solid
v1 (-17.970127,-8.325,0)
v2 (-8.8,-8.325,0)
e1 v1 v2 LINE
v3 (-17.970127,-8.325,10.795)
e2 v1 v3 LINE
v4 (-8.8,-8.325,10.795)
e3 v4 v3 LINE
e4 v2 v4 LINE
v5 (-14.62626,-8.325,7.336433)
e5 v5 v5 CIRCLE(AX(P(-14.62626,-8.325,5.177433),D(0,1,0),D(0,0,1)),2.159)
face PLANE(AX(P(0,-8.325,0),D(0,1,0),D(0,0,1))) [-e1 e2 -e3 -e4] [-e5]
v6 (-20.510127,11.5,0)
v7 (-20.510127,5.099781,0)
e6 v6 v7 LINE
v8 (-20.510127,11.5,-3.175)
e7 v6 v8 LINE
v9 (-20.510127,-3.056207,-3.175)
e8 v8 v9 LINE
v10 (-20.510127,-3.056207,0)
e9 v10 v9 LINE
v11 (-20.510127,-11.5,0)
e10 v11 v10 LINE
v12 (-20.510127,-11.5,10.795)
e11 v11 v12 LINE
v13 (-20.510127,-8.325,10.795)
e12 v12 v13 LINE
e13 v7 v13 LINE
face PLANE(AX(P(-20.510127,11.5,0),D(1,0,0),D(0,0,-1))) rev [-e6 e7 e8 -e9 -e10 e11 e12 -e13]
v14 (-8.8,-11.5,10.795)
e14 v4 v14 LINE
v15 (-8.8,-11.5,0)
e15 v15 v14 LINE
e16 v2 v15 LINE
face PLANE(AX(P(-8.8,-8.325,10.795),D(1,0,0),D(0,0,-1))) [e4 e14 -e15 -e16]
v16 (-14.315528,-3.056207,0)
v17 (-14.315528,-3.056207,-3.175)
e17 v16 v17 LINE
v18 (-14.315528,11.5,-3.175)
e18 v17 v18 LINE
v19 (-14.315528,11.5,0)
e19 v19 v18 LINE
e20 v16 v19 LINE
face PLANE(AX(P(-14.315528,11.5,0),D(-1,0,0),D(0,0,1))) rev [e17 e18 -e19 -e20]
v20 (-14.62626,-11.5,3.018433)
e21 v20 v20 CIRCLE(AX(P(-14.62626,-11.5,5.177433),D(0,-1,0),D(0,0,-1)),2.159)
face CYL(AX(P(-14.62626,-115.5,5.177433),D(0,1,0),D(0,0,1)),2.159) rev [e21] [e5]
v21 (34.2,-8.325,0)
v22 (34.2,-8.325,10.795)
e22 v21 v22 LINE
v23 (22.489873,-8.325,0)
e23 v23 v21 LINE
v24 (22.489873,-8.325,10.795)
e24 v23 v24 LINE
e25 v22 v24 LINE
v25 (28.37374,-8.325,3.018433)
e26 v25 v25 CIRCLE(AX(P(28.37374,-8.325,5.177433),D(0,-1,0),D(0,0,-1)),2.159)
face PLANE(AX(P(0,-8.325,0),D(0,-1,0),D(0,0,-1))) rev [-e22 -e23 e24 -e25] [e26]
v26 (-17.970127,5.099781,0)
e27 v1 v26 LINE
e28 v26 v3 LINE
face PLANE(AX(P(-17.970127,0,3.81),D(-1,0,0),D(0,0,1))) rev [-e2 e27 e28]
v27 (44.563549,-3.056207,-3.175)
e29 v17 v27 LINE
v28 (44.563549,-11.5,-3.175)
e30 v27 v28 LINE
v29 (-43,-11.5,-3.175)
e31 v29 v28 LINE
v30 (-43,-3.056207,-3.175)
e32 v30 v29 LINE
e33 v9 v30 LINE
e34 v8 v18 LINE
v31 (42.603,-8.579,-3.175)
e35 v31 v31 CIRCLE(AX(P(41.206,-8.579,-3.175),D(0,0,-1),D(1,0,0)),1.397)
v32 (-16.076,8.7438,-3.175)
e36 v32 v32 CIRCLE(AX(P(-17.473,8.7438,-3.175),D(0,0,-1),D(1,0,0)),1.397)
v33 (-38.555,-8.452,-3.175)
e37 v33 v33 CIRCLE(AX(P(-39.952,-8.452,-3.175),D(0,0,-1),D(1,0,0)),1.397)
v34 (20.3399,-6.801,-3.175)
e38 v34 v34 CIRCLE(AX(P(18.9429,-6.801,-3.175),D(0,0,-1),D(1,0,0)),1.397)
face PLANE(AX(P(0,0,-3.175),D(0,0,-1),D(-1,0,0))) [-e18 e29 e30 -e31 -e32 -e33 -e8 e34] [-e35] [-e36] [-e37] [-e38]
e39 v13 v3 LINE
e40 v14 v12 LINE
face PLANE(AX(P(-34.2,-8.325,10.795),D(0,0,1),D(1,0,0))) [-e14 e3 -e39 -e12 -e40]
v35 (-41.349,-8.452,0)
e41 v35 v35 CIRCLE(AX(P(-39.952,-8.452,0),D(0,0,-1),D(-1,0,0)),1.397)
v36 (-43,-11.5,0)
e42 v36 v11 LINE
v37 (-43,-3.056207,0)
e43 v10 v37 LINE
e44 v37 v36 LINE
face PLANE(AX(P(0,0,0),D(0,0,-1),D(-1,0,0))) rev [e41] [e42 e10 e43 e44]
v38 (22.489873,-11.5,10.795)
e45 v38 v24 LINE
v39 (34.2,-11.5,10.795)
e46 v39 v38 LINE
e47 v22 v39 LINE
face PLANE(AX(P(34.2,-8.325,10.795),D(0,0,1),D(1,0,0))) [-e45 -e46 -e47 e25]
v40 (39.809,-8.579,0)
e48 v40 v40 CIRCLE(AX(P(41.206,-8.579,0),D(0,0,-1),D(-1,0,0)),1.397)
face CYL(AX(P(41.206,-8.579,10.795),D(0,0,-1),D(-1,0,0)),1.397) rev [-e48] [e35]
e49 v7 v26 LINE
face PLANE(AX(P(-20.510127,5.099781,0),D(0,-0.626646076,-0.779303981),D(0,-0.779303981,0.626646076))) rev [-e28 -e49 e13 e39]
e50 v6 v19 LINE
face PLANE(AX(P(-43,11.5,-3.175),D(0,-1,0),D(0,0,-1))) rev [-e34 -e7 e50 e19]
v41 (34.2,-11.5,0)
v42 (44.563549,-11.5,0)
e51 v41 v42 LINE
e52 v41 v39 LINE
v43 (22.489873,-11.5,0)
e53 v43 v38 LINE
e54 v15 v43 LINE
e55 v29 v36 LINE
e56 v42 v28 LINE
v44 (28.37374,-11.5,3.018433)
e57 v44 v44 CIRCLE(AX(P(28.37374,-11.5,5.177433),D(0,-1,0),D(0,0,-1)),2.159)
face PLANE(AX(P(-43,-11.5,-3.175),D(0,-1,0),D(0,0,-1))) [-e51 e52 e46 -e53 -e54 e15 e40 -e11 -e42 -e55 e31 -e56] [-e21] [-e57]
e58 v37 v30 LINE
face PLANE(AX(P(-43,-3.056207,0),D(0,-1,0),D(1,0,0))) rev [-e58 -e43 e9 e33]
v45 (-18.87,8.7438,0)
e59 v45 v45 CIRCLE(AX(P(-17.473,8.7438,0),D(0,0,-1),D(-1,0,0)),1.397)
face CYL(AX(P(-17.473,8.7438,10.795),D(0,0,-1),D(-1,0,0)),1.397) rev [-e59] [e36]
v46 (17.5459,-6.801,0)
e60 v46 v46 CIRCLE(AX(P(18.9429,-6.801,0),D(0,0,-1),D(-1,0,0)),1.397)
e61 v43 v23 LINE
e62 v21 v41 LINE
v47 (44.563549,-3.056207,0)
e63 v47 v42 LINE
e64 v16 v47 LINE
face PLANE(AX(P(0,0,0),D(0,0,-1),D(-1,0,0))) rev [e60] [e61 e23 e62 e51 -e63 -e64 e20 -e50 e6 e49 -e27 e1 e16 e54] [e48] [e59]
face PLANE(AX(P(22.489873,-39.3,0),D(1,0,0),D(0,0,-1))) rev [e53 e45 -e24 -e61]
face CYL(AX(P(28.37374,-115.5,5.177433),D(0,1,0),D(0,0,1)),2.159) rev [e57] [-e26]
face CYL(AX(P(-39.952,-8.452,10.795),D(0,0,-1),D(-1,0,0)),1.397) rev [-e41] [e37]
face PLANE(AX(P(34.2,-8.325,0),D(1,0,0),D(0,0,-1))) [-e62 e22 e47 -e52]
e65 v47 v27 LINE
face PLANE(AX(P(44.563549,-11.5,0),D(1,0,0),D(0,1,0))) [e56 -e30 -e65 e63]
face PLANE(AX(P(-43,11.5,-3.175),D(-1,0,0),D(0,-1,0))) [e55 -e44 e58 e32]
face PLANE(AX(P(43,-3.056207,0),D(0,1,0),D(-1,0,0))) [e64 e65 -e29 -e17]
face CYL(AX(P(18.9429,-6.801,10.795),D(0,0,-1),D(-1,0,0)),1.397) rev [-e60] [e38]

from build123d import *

# Parameters (mm, degrees)
SKETCH1_W           = 86
SKETCH1_H           = 23
BOSS_EXTRUDE1_DEPTH = 3.175
BOSS_EXTRUDE2_DEPTH = 3.175
SKETCH18_R          = 2.159
CUT_EXTRUDE2_DEPTH  = 127
SKETCH19_R          = 1.397
CUT_EXTRUDE3_DEPTH  = 47.652019249
SKETCH28_W          = 1.563549178
SKETCH28_H          = 8.443792612
BOSS_EXTRUDE4_DEPTH = 3.175
SKETCH27_W          = 57.315527743
SKETCH27_H          = 14.55620742
SKETCH27_W_2        = 22.489872753
CUT_EXTRUDE5_DEPTH  = 3.175
SKETCH29_W          = 13.689872798
SKETCH29_H          = 10.795
SKETCH29_W_2        = 13.689872764
CUT_EXTRUDE6_DEPTH  = 50.8
RIB3_REACH          = 68.958
SKETCH30_WALL_W     = 153.142504754
SKETCH30_WALL_H     = 2.54


with BuildPart() as part:
    # Sketch1 → Boss-Extrude1 (new body)
    with BuildSketch(Plane.XY):
        Rectangle(SKETCH1_W, SKETCH1_H)
    extrude(amount=-BOSS_EXTRUDE1_DEPTH)

    # Sketch3 → Boss-Extrude2 (add)
    with BuildSketch(Plane(origin=(0, -11.5, 0), x_dir=(-1, 0, 0), z_dir=(0, -1, 0))):
        Polygon((34.200000011, 0), (34.200000011, -10.795), (8.80000001, -10.795), (8.800000011, 0), align=None)
        Polygon((-34.200000011, 0), (-34.200000011, -10.795), (-8.80000001, -10.795), (-8.800000011, 0), align=None)
    extrude(amount=-BOSS_EXTRUDE2_DEPTH)

    # Sketch18 → Cut-Extrude2 (cut)
    with BuildSketch(Plane(origin=(0, 11.5, 0), x_dir=(1, 0, 0), z_dir=(0, 1, 0))):
        with Locations(Location((-14.626260209, -5.177433052, 0), (0, 0, 270))):
            Circle(SKETCH18_R)
        with Locations(Location((28.373739812, -5.177433052, 0), (0, 0, 90))):
            Circle(SKETCH18_R)
    extrude(amount=-CUT_EXTRUDE2_DEPTH, mode=Mode.SUBTRACT)

    # Sketch19 → Cut-Extrude3 (cut, through all)
    with BuildSketch(Plane(origin=(0, 0, -3.175), x_dir=(-1, 0, 0), z_dir=(0, 0, -1))):
        with Locations((-41.206, -8.579)):
            Circle(SKETCH19_R)
        with Locations((-18.9429, -6.801)):
            Circle(SKETCH19_R)
        with Locations((17.473, 8.7438)):
            Circle(SKETCH19_R)
        with Locations((39.952, -8.452)):
            Circle(SKETCH19_R)
    extrude(amount=-CUT_EXTRUDE3_DEPTH, mode=Mode.SUBTRACT)

    # Sketch28 → Boss-Extrude4 (add)
    with BuildSketch(Plane(origin=(0, 0, -3.175), x_dir=(-1, 0, 0), z_dir=(0, 0, -1))):
        with Locations((-43.781774589, -7.278103694)):
            Rectangle(SKETCH28_W, SKETCH28_H)
    extrude(amount=-BOSS_EXTRUDE4_DEPTH)

    # Sketch27 → Cut-Extrude5 (cut)
    with BuildSketch(Plane(origin=(0, 0, -3.175), x_dir=(-1, 0, 0), z_dir=(0, 0, -1))):
        with Locations((-14.342236128, 4.22189629)):
            Rectangle(SKETCH27_W, SKETCH27_H)
        with Locations((31.755063623, 4.22189629)):
            Rectangle(SKETCH27_W_2, SKETCH27_H)
    extrude(amount=-CUT_EXTRUDE5_DEPTH, mode=Mode.SUBTRACT)

    # Sketch29 → Cut-Extrude6 (cut)
    with BuildSketch(Plane(origin=(0, 11.5, 0), x_dir=(1, 0, 0), z_dir=(0, 1, 0))):
        with Locations((15.644936409, -5.3975)):
            Rectangle(SKETCH29_W, SKETCH29_H)
        with Locations((-27.355063629, -5.3975)):
            Rectangle(SKETCH29_W_2, SKETCH29_H)
    extrude(amount=-CUT_EXTRUDE6_DEPTH, mode=Mode.SUBTRACT)

    # Sketch30 wall → Rib3 (add, up to next)
    with BuildSketch(Plane(origin=(-20.510127247, -1.612609393, 5.3975), x_dir=(0, -0.779303981028, 0.626646076468), z_dir=(0, 0.626646076468, 0.779303981028)), mode=Mode.PRIVATE) as rib3_sk1:
        with Locations((0, 1.27)):
            Rectangle(SKETCH30_WALL_W, SKETCH30_WALL_H)
    rib3_tool1 = extrude(rib3_sk1.sketch, amount=-RIB3_REACH, mode=Mode.PRIVATE) - part.part
    add(rib3_tool1.solids().sort_by_distance((-20.510127247, -1.612609393, 5.3975))[0])


solid = part.part
